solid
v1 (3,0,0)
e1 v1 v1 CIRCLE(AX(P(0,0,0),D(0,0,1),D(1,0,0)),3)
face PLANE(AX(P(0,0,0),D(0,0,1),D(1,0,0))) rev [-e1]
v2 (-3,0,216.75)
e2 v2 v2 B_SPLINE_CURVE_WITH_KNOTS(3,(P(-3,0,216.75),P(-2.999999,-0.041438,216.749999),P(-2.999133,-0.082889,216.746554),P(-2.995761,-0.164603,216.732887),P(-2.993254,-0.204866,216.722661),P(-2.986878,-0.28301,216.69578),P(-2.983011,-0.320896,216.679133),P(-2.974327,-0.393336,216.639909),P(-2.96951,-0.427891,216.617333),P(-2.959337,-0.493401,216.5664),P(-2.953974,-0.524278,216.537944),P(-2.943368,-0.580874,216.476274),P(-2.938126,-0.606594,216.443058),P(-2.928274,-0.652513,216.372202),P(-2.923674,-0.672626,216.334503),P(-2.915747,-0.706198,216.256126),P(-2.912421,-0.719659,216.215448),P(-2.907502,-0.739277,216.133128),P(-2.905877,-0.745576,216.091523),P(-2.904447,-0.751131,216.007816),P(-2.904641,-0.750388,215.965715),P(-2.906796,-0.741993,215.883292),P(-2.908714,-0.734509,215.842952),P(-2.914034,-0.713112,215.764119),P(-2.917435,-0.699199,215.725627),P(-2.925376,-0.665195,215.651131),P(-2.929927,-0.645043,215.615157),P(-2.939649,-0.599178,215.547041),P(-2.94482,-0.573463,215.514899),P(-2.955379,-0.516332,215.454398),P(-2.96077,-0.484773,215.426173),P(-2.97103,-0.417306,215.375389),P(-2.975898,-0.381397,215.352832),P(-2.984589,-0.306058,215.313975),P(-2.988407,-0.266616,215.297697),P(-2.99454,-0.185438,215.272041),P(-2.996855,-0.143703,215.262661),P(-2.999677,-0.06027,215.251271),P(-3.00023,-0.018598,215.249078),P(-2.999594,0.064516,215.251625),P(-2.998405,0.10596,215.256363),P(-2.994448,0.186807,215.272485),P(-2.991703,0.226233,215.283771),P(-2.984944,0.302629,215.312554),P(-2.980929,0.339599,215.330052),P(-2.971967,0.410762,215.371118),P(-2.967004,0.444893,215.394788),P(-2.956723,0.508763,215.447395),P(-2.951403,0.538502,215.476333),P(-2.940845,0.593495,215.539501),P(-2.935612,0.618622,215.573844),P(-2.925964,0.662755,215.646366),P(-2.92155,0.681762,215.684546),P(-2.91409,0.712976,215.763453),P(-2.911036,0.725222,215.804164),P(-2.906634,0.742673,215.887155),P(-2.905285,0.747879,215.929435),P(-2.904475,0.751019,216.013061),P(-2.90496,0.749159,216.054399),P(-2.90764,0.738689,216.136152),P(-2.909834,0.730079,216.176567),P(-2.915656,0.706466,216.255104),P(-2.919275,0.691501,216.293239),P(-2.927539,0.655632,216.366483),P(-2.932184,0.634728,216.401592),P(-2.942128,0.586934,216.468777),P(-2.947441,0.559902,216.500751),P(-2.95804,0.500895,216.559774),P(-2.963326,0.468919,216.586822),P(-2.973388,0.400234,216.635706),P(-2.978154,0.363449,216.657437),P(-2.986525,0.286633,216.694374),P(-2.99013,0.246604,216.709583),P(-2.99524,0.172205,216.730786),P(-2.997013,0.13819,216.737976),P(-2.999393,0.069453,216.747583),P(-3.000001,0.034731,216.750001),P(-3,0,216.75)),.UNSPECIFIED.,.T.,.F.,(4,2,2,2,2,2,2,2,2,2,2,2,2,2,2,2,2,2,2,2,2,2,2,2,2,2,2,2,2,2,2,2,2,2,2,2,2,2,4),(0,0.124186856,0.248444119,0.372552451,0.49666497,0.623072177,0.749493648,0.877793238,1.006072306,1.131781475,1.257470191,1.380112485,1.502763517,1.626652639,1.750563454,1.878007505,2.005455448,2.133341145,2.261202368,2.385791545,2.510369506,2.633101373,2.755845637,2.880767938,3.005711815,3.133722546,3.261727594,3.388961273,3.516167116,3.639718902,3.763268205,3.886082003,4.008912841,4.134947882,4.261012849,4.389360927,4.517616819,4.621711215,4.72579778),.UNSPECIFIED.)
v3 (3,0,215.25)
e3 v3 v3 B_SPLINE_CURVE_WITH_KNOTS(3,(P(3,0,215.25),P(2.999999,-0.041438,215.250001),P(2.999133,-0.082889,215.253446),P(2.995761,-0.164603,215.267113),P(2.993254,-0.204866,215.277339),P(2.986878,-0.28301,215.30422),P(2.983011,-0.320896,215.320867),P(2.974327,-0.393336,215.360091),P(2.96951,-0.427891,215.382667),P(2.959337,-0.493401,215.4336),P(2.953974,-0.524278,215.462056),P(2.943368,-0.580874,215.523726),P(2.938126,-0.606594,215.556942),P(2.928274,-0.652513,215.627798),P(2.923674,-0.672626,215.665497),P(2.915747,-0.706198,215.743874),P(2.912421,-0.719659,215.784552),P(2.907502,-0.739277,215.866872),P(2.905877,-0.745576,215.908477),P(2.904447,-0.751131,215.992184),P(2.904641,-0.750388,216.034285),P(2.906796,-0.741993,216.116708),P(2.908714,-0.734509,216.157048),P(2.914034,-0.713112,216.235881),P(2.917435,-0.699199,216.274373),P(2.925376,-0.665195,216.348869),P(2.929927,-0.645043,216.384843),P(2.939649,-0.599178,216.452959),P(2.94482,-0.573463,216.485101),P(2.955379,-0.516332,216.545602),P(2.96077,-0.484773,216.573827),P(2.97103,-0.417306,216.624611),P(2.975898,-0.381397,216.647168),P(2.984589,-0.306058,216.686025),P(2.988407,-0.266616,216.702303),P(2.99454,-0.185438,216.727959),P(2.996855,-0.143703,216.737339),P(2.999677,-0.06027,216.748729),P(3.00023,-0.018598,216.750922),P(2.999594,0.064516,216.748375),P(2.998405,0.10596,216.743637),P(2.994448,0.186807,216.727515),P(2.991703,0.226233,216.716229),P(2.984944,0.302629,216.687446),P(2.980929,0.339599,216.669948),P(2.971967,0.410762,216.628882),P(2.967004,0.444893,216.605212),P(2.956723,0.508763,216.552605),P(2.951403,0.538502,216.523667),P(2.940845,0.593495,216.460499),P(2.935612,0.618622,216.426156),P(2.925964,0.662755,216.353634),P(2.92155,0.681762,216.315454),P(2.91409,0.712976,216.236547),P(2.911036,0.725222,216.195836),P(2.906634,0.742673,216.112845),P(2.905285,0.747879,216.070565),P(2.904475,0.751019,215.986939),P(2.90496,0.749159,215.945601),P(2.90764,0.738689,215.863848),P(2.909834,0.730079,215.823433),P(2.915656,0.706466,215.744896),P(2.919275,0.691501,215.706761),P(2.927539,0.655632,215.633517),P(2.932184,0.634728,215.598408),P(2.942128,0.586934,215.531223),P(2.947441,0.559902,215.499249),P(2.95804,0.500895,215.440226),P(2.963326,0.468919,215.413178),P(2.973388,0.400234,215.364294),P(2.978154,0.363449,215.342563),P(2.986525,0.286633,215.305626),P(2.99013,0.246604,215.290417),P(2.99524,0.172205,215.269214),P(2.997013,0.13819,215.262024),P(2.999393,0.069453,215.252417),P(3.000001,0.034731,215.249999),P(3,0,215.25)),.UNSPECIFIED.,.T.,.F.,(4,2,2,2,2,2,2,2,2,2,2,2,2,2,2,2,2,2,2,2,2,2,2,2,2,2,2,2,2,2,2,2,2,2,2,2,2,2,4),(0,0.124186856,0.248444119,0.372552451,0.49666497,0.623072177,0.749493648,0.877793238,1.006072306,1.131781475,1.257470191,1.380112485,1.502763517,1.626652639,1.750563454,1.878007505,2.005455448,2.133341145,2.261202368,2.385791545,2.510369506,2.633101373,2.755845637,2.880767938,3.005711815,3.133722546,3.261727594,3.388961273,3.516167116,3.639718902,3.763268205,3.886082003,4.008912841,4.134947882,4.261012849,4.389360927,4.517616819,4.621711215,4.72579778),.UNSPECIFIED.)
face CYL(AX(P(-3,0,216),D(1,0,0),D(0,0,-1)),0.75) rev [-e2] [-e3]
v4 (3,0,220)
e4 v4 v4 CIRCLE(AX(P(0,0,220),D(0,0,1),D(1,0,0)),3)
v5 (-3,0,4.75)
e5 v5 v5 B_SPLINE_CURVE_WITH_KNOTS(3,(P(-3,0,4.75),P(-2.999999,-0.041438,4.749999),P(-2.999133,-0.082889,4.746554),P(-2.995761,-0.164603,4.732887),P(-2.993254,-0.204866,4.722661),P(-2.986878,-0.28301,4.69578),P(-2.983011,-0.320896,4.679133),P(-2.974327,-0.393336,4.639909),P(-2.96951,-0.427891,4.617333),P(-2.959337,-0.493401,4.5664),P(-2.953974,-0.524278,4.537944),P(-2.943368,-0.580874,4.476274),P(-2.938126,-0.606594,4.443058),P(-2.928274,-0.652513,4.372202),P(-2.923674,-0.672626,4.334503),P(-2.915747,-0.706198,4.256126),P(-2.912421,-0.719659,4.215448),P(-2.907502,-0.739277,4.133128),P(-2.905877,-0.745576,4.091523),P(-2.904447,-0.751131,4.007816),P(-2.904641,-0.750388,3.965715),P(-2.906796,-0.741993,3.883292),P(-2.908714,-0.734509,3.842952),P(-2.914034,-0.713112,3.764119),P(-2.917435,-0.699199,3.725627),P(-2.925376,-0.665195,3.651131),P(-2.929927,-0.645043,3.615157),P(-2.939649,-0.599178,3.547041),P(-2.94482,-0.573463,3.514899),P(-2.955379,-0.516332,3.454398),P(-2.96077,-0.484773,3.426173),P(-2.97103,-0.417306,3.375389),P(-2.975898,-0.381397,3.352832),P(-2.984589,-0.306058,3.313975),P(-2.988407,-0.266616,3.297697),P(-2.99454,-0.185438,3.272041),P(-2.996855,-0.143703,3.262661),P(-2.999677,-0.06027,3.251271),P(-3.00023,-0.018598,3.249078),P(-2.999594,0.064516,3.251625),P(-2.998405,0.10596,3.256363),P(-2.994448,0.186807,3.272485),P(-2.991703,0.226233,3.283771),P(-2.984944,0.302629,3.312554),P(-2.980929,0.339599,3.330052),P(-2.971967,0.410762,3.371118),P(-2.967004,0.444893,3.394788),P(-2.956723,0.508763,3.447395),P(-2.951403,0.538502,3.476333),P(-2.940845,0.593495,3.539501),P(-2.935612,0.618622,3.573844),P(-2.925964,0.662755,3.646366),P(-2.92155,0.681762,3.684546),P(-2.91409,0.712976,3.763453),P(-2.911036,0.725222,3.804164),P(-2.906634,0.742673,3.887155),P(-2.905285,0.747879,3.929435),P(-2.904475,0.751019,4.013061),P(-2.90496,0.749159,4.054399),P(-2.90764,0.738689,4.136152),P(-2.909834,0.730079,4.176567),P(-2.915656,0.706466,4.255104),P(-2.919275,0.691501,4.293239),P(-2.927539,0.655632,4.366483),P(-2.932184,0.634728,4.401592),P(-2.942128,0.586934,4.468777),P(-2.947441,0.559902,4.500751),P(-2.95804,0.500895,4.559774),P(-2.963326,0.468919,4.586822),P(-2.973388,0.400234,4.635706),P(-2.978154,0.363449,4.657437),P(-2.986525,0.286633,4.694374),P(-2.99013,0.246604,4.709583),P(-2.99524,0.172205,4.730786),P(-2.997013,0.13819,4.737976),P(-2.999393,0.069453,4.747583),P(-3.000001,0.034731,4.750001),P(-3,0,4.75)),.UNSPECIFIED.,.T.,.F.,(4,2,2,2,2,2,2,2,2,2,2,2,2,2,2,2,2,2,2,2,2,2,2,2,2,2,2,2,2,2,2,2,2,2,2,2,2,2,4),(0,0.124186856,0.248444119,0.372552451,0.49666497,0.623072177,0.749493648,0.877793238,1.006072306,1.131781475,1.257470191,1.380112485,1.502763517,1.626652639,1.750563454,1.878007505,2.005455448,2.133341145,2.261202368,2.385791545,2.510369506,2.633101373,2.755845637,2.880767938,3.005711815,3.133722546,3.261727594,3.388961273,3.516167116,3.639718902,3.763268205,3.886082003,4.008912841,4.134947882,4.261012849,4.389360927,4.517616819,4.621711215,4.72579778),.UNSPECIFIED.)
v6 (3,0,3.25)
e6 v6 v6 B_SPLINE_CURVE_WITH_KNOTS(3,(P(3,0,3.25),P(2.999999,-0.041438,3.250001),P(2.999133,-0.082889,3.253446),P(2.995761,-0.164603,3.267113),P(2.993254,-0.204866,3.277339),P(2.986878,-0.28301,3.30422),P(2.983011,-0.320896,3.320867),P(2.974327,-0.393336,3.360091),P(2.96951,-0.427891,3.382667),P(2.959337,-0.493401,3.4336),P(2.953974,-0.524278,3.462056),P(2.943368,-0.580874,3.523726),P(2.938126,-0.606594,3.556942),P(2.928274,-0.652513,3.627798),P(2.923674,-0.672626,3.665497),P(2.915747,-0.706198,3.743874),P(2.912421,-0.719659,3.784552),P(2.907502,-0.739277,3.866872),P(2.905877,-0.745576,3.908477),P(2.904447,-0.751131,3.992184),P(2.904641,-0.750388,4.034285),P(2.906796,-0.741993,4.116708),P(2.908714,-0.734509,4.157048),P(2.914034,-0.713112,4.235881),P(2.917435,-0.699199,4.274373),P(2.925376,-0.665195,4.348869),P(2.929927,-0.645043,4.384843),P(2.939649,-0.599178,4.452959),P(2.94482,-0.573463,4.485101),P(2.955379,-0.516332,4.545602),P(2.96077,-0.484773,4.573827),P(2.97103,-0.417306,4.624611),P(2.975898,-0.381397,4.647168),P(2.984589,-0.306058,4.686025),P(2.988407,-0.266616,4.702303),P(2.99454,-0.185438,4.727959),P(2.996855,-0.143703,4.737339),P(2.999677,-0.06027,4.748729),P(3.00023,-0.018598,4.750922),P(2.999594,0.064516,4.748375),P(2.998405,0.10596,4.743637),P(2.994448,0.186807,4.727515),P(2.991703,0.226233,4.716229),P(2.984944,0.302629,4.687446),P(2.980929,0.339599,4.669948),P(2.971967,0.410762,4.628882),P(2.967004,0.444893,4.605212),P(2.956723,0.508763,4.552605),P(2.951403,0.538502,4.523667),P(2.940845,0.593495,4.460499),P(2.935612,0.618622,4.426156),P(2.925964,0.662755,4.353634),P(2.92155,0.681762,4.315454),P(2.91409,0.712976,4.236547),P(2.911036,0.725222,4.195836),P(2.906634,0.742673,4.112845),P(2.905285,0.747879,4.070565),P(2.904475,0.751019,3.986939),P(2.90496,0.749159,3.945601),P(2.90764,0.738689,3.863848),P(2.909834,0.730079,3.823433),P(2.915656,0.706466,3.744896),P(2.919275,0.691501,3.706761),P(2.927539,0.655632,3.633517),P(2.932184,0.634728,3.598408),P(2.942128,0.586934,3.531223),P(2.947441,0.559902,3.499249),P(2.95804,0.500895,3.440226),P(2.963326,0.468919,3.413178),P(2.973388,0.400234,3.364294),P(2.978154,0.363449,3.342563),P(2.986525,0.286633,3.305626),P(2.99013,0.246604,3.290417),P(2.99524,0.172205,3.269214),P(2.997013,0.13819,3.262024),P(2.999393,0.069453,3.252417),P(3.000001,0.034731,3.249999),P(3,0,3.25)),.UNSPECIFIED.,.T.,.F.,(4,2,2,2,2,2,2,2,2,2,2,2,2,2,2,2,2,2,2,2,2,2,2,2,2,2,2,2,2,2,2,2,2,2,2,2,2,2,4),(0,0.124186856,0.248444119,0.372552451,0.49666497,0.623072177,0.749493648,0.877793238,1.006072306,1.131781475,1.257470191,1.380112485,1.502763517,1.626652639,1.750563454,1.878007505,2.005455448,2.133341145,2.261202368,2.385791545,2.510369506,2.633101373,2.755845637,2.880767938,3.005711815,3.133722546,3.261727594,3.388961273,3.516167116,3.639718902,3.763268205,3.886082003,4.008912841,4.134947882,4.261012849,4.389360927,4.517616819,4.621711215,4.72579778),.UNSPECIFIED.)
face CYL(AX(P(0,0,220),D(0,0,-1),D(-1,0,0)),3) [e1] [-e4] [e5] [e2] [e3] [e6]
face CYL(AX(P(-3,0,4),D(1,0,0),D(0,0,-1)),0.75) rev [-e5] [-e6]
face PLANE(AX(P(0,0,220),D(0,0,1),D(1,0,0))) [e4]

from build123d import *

# Parameters (mm, degrees)
SKETCH_1_R               = 3
EXTRUDE_1_DEPTH          = 220
CUT_EXTRUDE_1_DEPTH      = 221.040905288
CUT_EXTRUDE_1_DEPTH_BACK = 221.040905288
SKETCH_2_R               = 0.75


with BuildPart() as part:
    # 草图1 → 凸台-拉伸1 (new body)
    with BuildSketch(Plane.XY):
        Circle(SKETCH_1_R)
    extrude(amount=EXTRUDE_1_DEPTH)

    # 草图2 → 切除-拉伸1 (cut, two sides: drawn at the far end of the back side and taken through both)
    with BuildSketch(Plane(origin=(0, 0, 0), x_dir=(0, 0, -1), z_dir=(1, 0, 0)).offset(-CUT_EXTRUDE_1_DEPTH_BACK)):
        with Locations(Location((-4, 0, 0), (0, 0, 180))):
            Circle(SKETCH_2_R)
        with Locations(Location((-216, 0, 0), (0, 0, 180))):
            Circle(SKETCH_2_R)
    extrude(amount=CUT_EXTRUDE_1_DEPTH + CUT_EXTRUDE_1_DEPTH_BACK, mode=Mode.SUBTRACT)


solid = part.part
